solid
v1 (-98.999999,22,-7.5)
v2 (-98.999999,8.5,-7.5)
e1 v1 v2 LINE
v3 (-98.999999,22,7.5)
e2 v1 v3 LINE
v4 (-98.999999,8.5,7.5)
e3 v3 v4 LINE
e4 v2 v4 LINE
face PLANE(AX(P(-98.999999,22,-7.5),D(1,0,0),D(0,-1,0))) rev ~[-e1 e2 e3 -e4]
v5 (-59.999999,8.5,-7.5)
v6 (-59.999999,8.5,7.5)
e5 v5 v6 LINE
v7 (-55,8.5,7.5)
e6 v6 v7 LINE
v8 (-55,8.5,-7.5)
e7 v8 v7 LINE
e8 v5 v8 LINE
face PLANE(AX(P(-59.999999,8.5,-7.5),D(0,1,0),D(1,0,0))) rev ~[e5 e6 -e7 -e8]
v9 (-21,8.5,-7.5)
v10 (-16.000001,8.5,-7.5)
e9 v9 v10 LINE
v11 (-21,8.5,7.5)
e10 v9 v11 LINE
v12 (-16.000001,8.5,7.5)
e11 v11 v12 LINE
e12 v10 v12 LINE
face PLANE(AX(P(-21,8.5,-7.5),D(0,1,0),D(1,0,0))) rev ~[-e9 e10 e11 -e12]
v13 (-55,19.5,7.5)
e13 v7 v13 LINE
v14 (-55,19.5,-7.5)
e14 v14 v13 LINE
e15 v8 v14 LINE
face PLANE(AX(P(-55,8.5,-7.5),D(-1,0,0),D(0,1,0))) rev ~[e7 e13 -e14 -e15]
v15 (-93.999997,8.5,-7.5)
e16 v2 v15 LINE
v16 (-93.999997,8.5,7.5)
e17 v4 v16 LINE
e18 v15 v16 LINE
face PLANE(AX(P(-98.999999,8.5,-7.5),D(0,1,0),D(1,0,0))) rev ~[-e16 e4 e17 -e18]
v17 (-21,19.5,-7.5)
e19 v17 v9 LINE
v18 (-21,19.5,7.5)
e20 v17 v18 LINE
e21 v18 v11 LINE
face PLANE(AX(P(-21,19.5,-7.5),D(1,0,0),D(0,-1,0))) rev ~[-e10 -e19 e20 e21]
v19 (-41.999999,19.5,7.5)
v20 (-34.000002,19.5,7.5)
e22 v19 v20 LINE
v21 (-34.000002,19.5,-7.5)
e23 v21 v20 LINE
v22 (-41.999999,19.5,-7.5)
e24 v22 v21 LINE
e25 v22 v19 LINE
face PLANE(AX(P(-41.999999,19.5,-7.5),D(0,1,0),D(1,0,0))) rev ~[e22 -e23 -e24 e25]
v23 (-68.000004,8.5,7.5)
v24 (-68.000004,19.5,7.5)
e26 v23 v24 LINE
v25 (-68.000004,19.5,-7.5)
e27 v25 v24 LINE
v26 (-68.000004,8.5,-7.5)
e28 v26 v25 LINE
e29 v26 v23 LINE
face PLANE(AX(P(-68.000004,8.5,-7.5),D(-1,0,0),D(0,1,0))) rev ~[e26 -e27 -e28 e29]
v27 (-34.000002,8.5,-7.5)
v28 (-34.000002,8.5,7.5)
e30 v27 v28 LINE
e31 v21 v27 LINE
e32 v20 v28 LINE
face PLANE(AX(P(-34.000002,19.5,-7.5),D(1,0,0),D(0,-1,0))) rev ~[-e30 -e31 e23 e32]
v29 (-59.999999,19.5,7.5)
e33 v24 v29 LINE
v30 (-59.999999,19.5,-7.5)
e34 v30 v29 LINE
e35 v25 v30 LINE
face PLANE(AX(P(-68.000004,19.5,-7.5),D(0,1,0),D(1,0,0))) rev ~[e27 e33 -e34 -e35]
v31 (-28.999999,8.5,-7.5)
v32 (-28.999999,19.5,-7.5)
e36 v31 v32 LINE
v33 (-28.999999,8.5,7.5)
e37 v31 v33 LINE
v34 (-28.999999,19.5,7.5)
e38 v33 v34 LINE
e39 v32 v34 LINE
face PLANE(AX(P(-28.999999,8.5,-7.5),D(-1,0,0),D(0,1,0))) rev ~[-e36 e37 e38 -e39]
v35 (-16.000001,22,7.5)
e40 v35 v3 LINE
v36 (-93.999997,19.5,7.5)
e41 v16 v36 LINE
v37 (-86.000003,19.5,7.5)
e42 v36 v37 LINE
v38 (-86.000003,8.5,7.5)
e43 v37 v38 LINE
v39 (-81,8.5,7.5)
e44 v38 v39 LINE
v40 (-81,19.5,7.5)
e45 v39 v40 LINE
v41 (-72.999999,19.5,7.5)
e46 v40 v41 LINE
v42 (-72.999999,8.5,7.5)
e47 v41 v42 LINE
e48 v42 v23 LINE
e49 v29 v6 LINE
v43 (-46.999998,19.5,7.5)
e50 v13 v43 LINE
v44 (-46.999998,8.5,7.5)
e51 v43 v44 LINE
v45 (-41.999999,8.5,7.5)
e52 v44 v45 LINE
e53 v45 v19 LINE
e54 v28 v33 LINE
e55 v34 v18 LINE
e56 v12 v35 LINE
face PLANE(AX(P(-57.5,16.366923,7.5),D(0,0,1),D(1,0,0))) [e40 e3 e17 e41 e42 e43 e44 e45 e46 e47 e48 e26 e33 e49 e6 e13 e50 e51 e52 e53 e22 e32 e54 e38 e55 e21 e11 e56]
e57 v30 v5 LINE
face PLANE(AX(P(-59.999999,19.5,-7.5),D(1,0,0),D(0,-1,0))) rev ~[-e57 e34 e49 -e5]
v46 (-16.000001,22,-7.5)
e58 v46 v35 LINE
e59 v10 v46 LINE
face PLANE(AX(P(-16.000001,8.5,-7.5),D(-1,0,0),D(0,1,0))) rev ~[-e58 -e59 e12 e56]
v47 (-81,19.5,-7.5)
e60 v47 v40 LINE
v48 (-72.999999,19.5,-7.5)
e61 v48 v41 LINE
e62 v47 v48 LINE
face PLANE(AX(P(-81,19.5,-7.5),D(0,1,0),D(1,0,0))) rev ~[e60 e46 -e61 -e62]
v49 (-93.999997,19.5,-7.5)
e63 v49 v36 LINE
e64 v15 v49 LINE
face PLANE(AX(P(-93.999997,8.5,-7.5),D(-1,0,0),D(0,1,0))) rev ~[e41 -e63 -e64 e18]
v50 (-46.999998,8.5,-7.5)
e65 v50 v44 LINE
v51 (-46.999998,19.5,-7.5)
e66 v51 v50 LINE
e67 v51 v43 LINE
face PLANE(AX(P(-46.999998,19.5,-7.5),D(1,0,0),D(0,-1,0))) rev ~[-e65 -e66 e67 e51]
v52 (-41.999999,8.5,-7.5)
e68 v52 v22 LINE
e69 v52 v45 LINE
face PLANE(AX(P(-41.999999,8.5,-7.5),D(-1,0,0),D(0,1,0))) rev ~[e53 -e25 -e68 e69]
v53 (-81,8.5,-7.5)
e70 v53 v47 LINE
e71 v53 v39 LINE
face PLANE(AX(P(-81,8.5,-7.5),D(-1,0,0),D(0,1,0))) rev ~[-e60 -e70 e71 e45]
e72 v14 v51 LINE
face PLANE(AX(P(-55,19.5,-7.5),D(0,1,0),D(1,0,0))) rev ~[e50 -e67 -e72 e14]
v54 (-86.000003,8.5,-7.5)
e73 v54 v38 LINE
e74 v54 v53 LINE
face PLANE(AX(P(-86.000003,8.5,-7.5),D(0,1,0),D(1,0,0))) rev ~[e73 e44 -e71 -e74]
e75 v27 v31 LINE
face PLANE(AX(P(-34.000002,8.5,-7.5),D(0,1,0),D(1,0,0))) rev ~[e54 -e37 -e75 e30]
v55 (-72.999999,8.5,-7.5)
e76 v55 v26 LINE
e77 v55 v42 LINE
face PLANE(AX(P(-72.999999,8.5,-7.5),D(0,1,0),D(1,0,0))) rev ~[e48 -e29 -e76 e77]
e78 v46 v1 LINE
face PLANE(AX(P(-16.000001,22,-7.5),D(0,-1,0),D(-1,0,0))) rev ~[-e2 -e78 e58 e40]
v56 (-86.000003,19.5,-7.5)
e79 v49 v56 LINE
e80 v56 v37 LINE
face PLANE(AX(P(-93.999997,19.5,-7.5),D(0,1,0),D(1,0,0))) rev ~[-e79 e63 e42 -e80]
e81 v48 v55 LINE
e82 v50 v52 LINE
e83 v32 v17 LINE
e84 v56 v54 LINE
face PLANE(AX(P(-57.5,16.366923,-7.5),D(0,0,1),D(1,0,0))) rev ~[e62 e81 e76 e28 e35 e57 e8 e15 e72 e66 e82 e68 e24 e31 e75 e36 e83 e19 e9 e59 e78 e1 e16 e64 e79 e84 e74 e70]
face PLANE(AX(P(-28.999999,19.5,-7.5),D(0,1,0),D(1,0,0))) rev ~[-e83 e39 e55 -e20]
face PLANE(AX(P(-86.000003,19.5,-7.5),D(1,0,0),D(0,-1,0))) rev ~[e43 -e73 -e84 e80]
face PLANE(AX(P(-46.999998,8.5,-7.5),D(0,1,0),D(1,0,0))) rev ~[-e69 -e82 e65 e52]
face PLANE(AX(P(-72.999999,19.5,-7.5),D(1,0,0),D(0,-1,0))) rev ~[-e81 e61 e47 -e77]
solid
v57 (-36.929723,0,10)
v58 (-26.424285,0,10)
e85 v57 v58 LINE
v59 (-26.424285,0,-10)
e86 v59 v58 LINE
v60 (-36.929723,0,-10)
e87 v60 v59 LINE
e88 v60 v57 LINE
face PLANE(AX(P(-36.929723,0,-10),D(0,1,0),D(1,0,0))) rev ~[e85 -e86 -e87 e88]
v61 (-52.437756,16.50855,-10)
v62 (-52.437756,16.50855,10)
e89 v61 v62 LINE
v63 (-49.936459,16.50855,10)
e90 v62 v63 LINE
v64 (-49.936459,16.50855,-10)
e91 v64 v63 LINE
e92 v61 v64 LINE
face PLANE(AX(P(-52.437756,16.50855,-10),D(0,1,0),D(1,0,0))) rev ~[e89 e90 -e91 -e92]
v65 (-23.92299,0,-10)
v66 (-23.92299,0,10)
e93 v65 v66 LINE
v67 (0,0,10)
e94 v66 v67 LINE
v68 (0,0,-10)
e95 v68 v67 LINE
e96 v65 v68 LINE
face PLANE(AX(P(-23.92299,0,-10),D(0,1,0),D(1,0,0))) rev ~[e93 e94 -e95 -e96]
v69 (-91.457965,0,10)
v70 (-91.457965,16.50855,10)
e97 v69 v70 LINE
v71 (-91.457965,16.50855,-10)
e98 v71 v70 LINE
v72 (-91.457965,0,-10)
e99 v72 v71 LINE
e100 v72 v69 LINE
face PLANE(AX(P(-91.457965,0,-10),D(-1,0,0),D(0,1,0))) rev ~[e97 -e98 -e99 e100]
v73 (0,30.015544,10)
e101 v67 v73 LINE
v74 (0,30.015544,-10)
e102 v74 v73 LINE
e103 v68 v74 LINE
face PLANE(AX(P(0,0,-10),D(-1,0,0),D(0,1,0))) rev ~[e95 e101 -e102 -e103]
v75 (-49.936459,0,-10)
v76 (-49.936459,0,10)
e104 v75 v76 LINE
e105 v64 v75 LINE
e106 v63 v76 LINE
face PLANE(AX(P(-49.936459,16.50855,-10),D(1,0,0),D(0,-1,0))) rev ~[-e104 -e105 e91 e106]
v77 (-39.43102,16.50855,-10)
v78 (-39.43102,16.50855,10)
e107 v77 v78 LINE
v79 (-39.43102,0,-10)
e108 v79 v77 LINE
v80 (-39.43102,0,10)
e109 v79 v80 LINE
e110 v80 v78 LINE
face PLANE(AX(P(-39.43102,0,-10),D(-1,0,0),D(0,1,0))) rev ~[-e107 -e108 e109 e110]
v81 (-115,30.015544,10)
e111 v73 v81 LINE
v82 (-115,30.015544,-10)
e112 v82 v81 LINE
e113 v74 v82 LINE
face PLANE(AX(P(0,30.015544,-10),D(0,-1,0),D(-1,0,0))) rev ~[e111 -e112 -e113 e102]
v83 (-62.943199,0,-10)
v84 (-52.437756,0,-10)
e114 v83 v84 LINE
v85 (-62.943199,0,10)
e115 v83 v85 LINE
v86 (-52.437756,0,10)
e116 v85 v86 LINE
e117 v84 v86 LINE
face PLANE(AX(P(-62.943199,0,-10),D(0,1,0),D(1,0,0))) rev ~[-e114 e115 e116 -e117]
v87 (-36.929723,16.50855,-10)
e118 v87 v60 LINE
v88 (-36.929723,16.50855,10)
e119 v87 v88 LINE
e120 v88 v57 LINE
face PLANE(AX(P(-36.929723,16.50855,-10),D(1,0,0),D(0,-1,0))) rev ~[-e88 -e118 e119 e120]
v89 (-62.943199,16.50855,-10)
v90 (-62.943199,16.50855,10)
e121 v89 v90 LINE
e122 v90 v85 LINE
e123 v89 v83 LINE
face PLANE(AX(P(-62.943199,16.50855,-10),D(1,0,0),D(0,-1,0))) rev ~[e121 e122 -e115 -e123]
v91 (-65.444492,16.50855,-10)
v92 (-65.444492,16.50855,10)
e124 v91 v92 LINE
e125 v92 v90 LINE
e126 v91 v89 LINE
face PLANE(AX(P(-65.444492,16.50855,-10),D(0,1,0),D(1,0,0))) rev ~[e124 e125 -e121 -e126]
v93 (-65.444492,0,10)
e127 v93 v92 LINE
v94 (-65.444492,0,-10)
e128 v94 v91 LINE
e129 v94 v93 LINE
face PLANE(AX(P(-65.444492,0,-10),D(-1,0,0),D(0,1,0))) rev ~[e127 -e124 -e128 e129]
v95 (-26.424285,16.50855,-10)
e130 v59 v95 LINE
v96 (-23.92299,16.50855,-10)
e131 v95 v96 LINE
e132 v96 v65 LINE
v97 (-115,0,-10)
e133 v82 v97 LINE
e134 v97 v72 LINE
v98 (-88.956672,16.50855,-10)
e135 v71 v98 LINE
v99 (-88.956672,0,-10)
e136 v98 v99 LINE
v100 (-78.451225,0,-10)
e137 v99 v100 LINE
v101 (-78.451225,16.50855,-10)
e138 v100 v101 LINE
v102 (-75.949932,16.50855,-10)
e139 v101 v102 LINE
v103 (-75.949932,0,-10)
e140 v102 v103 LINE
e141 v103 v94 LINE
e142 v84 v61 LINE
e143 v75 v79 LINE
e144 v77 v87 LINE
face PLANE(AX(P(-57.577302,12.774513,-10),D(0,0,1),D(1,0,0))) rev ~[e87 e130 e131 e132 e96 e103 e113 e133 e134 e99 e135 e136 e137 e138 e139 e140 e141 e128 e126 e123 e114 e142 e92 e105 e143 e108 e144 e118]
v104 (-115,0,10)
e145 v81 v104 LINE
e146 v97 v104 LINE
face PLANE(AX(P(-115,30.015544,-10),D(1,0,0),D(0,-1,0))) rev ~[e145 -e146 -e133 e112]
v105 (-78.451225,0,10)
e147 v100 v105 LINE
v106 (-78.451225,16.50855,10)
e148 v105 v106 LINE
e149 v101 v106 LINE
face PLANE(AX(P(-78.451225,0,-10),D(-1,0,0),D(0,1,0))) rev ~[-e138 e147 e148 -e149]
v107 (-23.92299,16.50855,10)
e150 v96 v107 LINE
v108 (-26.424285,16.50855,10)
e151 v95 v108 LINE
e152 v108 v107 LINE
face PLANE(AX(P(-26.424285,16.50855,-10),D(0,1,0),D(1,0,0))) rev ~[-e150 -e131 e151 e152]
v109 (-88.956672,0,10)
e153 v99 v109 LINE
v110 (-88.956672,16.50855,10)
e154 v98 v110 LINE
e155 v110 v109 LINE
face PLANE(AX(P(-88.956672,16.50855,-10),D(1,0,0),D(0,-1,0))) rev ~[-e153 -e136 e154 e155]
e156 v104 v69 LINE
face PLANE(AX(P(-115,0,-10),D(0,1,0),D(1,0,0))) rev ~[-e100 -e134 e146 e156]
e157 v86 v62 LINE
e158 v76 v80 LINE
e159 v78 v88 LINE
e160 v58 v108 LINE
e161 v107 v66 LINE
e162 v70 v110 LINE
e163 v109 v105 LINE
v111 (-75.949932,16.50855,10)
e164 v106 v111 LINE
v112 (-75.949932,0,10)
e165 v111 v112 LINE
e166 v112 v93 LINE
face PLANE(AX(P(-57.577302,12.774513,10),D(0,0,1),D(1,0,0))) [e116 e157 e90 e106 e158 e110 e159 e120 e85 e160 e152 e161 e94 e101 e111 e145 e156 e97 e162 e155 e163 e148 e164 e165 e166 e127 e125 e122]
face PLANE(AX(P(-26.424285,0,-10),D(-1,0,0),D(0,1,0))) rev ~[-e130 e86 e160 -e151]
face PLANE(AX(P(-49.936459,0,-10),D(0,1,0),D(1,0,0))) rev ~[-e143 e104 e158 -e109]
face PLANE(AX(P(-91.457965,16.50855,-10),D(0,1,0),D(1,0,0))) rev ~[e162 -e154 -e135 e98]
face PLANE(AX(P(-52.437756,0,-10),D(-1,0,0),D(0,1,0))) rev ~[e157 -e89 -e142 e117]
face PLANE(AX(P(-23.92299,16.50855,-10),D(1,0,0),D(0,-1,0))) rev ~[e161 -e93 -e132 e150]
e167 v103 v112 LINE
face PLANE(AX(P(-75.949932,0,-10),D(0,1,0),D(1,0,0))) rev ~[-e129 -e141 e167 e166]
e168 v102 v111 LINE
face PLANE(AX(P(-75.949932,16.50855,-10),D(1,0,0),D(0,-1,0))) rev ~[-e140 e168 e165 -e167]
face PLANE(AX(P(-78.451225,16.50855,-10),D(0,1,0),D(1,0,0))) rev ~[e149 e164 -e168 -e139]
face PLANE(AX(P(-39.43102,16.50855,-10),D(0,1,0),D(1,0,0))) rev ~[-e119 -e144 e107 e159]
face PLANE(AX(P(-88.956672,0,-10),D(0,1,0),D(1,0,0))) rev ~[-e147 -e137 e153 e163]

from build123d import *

# Parameters (mm, degrees)
EXTRUDE_1_DEPTH      = 10
EXTRUDE_1_DEPTH_BACK = 10
EXTRUDE_2_DEPTH      = 7.5
EXTRUDE_2_DEPTH_BACK = 7.5


with BuildPart() as part:
    # 草图1 → 凸台-拉伸1 (new, two sides: drawn at the far end of the back side and taken through both)
    with BuildSketch(Plane.XY.offset(-EXTRUDE_1_DEPTH_BACK)):
        Polygon((0, 0), (0, 30.015544123), (-115, 30.015544123), (-115, 0), (-95.049223988, 0), (-91.457964947, 0), (-91.457964947, 16.508549547), (-88.956671933, 16.508549547), (-88.956671933, 0), (-78.451224874, 0), (-78.451224874, 16.508549547), (-75.94993186, 16.508549547), (-75.94993186, 0), (-65.444492256, 0), (-65.444492256, 16.508549547), (-62.943199242, 16.508549547), (-62.943199242, 0), (-52.43775591, 0), (-52.43775591, 16.508549547), (-49.936459169, 16.508549547), (-49.936459169, 0), (-39.431019564, 0), (-39.431019564, 16.508549547), (-36.929722823, 16.508549547), (-36.929722823, 0), (-26.424285082, 0), (-26.424285082, 16.508549547), (-23.922990204, 16.508549547), (-23.922990204, 0), align=None)
    extrude(amount=EXTRUDE_1_DEPTH + EXTRUDE_1_DEPTH_BACK)


with BuildPart() as body_2:
    # 草图2 → 凸台-拉伸2 (new, two sides: drawn at the far end of the back side and taken through both)
    with BuildSketch(Plane.XY.offset(-EXTRUDE_2_DEPTH_BACK)):
        Polygon((-98.999999464, 21.999999881), (-98.999999464, 8.500000462), (-93.999996781, 8.500000462), (-93.999996781, 19.500000402), (-86.000002921, 19.500000402), (-86.000002921, 8.500000462), (-81.000000238, 8.500000462), (-81.000000238, 19.500000402), (-72.999998927, 19.500000402), (-72.999998927, 8.500000462), (-68.000003695, 8.500000462), (-68.000003695, 19.500000402), (-59.999998659, 19.500000402), (-59.999998659, 8.500000462), (-54.999999702, 8.500000462), (-54.999999702, 19.500000402), (-46.999998391, 19.500000402), (-46.999998391, 8.500000462), (-41.999999434, 8.500000462), (-41.999999434, 19.500000402), (-34.000001848, 19.500000402), (-34.000001848, 8.500000462), (-28.999999166, 8.500000462), (-28.999999166, 19.500000402), (-20.999999717, 19.500000402), (-20.999999717, 8.500000462), (-16.00000076, 8.500000462), (-16.00000076, 21.999999881), align=None)
    extrude(amount=EXTRUDE_2_DEPTH + EXTRUDE_2_DEPTH_BACK)


solid = Compound([part.part, body_2.part])
